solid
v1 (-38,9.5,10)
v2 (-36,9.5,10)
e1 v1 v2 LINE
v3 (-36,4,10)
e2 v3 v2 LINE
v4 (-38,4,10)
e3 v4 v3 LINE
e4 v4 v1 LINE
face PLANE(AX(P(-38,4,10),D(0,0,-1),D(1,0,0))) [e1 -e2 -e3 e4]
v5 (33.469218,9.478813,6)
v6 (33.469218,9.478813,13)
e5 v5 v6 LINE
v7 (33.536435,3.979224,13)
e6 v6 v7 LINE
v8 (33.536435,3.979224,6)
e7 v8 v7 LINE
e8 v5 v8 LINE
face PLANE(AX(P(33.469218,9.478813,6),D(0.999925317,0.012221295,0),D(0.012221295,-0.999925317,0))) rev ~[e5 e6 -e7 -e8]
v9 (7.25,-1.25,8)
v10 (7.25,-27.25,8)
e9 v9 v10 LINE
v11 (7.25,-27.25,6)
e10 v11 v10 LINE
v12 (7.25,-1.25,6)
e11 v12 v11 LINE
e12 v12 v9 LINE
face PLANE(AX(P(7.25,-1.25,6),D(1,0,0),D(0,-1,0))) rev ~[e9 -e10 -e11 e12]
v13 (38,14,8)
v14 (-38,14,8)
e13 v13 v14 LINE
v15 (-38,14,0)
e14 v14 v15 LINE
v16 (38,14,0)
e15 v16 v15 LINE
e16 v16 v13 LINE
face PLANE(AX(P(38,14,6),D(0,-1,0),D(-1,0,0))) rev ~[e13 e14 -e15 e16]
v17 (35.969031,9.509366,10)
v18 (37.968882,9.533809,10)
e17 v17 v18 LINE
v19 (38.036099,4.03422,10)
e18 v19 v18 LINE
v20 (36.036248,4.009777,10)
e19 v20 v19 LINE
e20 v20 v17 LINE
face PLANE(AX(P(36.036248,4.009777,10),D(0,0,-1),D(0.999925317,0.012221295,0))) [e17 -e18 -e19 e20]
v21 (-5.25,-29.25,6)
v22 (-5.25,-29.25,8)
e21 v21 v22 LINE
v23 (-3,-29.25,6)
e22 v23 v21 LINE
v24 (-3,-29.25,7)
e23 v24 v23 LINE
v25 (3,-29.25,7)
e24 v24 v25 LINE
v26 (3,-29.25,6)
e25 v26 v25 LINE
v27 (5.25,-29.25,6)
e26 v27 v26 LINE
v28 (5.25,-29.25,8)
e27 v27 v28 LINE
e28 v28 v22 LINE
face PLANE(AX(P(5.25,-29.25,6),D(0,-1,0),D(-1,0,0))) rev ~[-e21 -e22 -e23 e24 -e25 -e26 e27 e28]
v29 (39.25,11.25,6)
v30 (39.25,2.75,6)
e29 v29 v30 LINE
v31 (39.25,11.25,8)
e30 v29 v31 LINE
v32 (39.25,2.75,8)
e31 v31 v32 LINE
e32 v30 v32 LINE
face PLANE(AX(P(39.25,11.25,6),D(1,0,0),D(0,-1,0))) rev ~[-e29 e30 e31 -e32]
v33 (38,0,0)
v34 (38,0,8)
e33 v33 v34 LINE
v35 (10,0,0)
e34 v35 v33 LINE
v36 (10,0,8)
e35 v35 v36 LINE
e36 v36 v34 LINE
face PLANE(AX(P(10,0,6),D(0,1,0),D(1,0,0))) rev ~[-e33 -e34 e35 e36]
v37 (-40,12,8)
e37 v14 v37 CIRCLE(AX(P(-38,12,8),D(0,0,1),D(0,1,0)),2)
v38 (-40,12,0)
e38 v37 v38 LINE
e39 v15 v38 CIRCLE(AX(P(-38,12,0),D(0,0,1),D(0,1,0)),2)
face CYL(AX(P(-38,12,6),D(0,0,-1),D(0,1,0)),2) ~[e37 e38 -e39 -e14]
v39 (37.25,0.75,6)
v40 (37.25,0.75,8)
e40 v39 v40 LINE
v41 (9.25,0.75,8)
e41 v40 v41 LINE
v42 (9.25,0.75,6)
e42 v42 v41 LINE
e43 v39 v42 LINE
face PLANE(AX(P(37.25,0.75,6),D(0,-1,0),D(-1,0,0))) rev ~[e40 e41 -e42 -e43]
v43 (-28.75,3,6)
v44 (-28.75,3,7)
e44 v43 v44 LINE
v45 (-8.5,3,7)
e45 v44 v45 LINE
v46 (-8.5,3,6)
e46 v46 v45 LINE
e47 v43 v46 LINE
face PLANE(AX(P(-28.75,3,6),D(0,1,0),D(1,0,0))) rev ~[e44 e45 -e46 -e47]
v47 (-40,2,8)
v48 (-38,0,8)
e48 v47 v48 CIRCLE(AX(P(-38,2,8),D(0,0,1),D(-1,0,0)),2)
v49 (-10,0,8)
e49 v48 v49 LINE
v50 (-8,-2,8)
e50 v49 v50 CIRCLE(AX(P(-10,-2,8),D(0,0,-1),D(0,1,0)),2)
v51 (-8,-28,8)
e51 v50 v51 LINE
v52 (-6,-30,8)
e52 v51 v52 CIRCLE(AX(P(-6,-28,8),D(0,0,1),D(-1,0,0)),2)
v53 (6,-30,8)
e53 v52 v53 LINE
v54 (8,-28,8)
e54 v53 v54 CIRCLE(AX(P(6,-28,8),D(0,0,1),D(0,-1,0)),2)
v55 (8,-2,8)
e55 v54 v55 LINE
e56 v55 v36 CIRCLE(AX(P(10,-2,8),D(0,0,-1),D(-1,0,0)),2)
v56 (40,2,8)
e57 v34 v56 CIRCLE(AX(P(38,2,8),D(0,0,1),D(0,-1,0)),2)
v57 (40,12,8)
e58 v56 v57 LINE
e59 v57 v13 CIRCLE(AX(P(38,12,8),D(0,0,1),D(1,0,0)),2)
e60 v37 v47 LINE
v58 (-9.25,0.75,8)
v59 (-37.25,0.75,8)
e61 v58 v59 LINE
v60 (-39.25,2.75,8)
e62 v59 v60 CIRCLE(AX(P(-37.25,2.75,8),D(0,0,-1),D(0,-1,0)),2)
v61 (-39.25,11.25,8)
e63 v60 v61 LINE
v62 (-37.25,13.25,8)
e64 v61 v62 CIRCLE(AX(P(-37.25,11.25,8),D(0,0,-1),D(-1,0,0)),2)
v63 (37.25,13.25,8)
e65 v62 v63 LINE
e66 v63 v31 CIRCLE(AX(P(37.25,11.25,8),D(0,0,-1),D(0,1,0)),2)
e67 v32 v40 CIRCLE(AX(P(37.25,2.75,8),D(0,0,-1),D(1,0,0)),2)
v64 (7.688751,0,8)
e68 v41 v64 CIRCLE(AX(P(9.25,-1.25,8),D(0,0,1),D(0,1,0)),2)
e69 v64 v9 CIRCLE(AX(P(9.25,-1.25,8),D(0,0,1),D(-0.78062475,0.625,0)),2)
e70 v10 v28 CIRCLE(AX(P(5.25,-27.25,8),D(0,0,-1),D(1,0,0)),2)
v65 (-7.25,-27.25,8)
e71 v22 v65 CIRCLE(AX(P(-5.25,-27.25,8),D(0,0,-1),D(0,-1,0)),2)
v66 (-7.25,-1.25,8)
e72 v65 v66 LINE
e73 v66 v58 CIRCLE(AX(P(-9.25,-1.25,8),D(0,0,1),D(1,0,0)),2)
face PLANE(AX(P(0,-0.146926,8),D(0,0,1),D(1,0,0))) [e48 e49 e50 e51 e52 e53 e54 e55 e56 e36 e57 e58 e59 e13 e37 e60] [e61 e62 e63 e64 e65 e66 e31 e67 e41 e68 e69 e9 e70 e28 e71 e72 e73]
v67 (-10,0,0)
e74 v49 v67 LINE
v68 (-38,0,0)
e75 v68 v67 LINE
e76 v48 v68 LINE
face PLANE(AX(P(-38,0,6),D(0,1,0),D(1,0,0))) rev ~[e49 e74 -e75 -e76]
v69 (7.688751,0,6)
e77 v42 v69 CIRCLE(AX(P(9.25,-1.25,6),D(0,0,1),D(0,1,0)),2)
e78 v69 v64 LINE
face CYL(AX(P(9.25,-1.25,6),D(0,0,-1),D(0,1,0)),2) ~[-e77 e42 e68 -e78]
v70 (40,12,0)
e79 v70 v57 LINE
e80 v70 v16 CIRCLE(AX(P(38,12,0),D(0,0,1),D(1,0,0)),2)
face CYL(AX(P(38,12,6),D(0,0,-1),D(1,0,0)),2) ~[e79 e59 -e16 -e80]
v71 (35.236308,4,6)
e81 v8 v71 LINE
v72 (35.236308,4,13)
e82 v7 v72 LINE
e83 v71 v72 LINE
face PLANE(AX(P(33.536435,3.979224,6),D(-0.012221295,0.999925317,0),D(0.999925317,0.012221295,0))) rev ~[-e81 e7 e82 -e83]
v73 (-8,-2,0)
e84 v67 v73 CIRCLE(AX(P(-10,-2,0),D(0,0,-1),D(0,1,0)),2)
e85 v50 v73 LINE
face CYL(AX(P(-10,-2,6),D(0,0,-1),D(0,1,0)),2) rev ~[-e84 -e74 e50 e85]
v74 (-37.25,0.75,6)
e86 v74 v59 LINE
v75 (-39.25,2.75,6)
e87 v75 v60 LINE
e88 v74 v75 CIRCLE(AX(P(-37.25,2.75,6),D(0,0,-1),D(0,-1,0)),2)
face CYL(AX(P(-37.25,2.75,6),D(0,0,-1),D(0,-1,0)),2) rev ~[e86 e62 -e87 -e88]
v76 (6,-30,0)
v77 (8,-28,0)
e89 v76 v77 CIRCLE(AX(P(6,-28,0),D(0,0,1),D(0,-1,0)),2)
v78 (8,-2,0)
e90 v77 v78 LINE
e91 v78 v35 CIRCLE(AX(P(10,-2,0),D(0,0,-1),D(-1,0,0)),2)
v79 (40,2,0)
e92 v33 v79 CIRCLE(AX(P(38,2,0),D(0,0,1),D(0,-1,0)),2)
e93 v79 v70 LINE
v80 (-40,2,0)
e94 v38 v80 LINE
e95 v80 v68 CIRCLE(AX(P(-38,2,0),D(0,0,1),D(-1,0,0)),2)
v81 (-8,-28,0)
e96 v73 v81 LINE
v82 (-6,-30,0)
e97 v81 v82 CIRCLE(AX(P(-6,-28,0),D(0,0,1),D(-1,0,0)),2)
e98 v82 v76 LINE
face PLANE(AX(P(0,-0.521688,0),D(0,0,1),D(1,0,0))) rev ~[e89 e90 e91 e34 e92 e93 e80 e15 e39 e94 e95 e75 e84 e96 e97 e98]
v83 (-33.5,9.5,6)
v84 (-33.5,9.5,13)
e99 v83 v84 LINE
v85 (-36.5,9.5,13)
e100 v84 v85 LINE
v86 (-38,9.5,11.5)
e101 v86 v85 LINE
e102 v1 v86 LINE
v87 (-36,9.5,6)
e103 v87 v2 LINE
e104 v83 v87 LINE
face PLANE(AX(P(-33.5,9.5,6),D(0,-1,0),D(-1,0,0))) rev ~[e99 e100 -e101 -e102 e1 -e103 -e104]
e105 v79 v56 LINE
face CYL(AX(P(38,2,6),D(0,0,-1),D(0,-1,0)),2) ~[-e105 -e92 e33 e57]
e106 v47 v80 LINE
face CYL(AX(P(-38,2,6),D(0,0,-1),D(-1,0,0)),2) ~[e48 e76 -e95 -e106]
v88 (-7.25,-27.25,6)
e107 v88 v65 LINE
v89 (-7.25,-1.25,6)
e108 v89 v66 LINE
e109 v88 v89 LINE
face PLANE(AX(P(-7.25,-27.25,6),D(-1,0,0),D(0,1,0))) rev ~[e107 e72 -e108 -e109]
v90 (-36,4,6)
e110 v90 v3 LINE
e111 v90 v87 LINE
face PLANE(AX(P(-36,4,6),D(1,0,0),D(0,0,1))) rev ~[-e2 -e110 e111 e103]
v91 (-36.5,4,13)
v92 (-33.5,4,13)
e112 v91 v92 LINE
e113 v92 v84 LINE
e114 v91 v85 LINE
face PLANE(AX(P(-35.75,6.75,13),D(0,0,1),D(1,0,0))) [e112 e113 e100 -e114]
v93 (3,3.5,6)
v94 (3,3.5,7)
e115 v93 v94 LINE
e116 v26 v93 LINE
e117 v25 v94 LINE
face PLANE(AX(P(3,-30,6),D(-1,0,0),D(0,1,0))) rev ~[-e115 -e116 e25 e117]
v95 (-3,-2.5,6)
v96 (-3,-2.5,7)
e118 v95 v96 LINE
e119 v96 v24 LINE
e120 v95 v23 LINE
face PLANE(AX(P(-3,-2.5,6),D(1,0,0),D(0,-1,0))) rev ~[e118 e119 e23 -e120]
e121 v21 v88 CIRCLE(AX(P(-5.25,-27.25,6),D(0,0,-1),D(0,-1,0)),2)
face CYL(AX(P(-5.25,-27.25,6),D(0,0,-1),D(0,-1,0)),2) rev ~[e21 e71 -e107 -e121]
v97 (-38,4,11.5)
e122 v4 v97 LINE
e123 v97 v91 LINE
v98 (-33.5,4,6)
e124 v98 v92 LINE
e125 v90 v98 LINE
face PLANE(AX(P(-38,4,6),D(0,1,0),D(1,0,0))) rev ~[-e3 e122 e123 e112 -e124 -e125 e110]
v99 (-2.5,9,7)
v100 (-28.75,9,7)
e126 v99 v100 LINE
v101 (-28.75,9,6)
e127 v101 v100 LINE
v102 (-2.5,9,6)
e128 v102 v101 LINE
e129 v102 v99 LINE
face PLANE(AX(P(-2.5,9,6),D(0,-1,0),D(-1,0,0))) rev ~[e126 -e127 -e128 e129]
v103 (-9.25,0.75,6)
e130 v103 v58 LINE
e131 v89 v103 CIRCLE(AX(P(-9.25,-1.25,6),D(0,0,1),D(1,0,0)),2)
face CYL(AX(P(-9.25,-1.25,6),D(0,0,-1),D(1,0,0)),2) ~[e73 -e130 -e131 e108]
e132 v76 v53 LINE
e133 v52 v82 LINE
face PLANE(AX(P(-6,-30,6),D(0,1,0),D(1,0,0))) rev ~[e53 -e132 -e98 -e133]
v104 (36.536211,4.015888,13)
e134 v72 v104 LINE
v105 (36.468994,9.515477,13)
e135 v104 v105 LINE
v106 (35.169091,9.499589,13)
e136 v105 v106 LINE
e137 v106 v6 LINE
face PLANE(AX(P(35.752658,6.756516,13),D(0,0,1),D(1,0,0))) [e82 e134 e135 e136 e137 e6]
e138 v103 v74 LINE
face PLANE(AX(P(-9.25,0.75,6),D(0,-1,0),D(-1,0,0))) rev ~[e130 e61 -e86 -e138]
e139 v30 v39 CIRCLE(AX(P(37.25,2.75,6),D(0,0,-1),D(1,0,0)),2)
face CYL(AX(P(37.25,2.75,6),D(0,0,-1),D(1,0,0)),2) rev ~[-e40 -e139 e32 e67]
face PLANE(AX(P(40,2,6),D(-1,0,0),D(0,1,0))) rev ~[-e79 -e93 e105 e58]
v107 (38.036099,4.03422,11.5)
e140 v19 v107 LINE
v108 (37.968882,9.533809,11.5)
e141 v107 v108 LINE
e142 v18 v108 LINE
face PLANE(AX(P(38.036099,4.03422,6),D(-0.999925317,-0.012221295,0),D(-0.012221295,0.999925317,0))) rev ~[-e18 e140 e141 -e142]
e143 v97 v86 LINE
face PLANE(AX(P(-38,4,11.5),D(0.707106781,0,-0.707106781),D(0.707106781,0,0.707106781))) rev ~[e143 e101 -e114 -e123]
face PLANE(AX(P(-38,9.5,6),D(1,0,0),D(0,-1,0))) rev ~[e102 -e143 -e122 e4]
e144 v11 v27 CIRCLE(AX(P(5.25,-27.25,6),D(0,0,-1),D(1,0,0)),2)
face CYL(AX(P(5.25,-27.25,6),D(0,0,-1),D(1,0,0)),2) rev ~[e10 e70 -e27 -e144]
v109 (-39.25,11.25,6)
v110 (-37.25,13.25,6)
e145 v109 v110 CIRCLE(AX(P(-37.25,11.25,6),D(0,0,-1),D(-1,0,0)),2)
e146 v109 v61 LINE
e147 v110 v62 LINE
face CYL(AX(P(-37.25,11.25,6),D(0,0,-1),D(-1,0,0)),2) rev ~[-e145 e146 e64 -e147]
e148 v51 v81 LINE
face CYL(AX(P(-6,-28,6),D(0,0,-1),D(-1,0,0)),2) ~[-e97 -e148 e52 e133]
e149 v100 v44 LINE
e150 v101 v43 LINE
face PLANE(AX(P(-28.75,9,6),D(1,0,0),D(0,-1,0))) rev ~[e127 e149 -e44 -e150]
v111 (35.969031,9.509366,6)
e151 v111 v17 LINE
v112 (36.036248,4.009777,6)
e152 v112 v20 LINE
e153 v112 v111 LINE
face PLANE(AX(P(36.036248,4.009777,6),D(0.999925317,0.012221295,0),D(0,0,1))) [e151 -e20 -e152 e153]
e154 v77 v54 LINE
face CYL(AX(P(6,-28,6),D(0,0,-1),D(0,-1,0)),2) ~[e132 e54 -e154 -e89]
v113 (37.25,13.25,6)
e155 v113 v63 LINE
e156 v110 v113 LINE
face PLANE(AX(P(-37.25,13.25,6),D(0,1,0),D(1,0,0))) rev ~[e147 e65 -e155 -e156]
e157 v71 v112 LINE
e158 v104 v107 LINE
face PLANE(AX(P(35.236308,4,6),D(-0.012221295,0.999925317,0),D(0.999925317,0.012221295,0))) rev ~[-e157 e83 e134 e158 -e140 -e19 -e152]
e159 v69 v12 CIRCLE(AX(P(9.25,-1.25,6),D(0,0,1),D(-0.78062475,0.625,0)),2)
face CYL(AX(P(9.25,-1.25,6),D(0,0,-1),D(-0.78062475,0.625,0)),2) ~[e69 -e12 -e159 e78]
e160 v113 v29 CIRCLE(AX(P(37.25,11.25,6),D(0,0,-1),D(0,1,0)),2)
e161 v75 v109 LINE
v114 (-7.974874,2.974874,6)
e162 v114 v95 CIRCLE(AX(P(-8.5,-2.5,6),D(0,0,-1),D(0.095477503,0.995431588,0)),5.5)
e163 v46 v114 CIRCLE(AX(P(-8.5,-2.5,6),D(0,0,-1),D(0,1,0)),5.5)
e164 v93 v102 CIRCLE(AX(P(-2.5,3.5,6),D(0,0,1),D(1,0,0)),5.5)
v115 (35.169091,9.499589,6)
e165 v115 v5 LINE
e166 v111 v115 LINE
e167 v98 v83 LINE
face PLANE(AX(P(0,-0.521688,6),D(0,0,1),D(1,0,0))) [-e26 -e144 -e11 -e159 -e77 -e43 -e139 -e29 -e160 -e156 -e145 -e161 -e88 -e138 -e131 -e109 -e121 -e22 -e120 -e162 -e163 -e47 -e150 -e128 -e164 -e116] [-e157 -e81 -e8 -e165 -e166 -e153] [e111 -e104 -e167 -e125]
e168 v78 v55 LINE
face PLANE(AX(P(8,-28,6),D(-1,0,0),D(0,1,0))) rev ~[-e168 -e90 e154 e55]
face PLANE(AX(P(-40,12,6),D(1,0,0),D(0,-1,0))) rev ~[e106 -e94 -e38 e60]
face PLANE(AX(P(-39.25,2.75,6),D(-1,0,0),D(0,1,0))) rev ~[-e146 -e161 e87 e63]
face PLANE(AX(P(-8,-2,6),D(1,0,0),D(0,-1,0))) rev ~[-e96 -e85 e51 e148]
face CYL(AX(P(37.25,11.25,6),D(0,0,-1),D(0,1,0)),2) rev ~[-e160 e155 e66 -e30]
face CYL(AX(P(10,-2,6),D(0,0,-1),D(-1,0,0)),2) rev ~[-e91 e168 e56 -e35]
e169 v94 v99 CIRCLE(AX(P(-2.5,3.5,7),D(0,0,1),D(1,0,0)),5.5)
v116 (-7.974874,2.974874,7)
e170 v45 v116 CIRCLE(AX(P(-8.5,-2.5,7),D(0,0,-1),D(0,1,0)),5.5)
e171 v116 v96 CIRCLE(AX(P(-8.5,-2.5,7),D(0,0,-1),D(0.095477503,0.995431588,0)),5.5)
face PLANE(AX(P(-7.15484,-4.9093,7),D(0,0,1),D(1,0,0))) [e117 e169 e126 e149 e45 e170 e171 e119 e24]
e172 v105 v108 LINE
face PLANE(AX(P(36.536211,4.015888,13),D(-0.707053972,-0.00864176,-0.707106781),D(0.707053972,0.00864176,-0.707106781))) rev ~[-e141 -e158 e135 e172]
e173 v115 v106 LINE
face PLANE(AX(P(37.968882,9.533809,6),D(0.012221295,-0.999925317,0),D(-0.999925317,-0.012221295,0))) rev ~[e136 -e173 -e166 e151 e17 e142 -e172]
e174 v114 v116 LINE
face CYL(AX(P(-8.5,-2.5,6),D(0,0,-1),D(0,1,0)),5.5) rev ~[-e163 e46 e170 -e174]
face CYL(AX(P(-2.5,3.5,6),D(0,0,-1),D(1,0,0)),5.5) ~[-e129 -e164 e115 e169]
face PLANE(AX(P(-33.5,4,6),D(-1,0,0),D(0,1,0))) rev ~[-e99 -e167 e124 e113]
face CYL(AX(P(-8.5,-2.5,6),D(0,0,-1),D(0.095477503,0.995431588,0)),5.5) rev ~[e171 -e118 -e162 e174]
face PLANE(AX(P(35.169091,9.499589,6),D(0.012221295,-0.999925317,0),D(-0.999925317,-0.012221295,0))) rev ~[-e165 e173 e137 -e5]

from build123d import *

# Parameters (mm, degrees)
F1_DEPTH  = 6
F3_DEPTH  = 1
F5_DEPTH  = 7
F7_DEPTH  = 2
F8_W      = 2
F8_H      = 4
F9_DEPTH  = 6
F10_W     = 2
F10_H     = 4
F11_DEPTH = 6


with BuildPart() as f1:
    # F0 (on Top) → F1 (new body)
    with BuildSketch(Plane.XY):
        with BuildLine():
            Line((-35, 0), (-12, 0))
            Line((-12, 0), (-10, 0))
            ThreePointArc((-10, 0), (-8.5857864376, -0.5857864376), (-8, -2))
            Line((-8, -2), (-8, -28))
            ThreePointArc((-8, -28), (-7.4142135624, -29.4142135624), (-6, -30))
            Line((-6, -30), (0, -30))
            Line((0, -30), (6, -30))
            ThreePointArc((6, -30), (7.4142135624, -29.4142135624), (8, -28))
            Line((8, -28), (8, -2))
            ThreePointArc((8, -2), (8.5857864376, -0.5857864376), (10, 0))
            Line((10, 0), (35, 0))
            ThreePointArc((35, 0), (36.4142135624, 0.5857864376), (37, 2))
            Line((37, 2), (37, 12))
            ThreePointArc((37, 12), (36.4142135624, 13.4142135624), (35, 14))
            Line((35, 14), (-35, 14))
            ThreePointArc((-35, 14), (-36.4142135624, 13.4142135624), (-37, 12))
            Line((-37, 12), (-37, 2))
            ThreePointArc((-37, 2), (-36.4142135624, 0.5857864376), (-35, 0))
        make_face()
        with BuildLine():
            Line((-38, 0), (-35, 0))
            ThreePointArc((-35, 0), (-36.4142135624, 0.5857864376), (-37, 2))
            Line((-37, 2), (-37, 12))
            ThreePointArc((-37, 12), (-36.4142135624, 13.4142135624), (-35, 14))
            Line((-35, 14), (-38, 14))
            ThreePointArc((-38, 14), (-39.4142135624, 13.4142135624), (-40, 12))
            Line((-40, 12), (-40, 2))
            ThreePointArc((-40, 2), (-39.4142135624, 0.5857864376), (-38, 0))
        make_face()
        with BuildLine():
            Line((38, 14), (35, 14))
            ThreePointArc((35, 14), (36.4142135624, 13.4142135624), (37, 12))
            Line((37, 12), (37, 2))
            ThreePointArc((37, 2), (36.4142135624, 0.5857864376), (35, 0))
            Line((35, 0), (37, 0))
            Line((37, 0), (38, 0))
            ThreePointArc((38, 0), (39.4142135624, 0.5857864376), (40, 2))
            Line((40, 2), (40, 12))
            ThreePointArc((40, 12), (39.4142135624, 13.4142135624), (38, 14))
        make_face()
    extrude(amount=F1_DEPTH)

    # F2 (on face) → F3 (join)
    with BuildSketch(Plane.XY.offset(6)):
        with BuildLine():
            Line((-3, -2.5), (-3, -30))
            Line((-3, -30), (3, -30))
            Line((3, -30), (3, 3.5))
            ThreePointArc((3, 3.5), (1.3890872965, 7.3890872965), (-2.5, 9))
            Line((-2.5, 9), (-28.75, 9))
            Line((-28.75, 9), (-28.75, 3))
            Line((-28.75, 3), (-8.5, 3))
            ThreePointArc((-8.5, 3), (-8.2371364782, 2.9937148423), (-7.9748737342, 2.9748737342))
            ThreePointArc((-7.9748737342, 2.9748737342), (-4.4294844023, 1.1987704401), (-3, -2.5))
        make_face()
    extrude(amount=F3_DEPTH)

    # F4 (on face) → F5 (join)
    with BuildSketch(Plane.XY.offset(6)):
        Polygon((35.2363081181, 4), (38.0360990062, 4.034219625), (37.9688818856, 9.5338088696), (35.1690909975, 9.4995892445), (33.4692179582, 9.4788130436), (33.5364350788, 3.9792237991), align=None)
        Polygon((-38, 9.5), (-38, 4), (-35.2, 4), (-33.5, 4), (-33.5, 9.5), align=None)
    extrude(amount=F5_DEPTH)

    # F6 (on face) → F7 (join)
    with BuildSketch(Plane.XY.offset(6)):
        with BuildLine():
            Line((-6, -30), (0, -30))
            Line((0, -30), (6, -30))
            ThreePointArc((6, -30), (7.4142135624, -29.4142135624), (8, -28))
            Line((8, -28), (8, -2))
            ThreePointArc((8, -2), (8.5857864376, -0.5857864376), (10, 0))
            Line((10, 0), (38, 0))
            ThreePointArc((38, 0), (39.4142135624, 0.5857864376), (40, 2))
            Line((40, 2), (40, 12))
            ThreePointArc((40, 12), (39.4142135624, 13.4142135624), (38, 14))
            Line((38, 14), (-38, 14))
            ThreePointArc((-38, 14), (-39.4142135624, 13.4142135624), (-40, 12))
            Line((-40, 12), (-40, 2))
            ThreePointArc((-40, 2), (-39.4142135624, 0.5857864376), (-38, 0))
            Line((-38, 0), (-10, 0))
            ThreePointArc((-10, 0), (-8.5857864376, -0.5857864376), (-8, -2))
            Line((-8, -2), (-8, -28))
            ThreePointArc((-8, -28), (-7.4142135624, -29.4142135624), (-6, -30))
        make_face()
        with BuildLine():
            Line((5.25, -29.25), (0, -29.25))
            Line((0, -29.25), (-5.25, -29.25))
            ThreePointArc((-5.25, -29.25), (-6.6642135624, -28.6642135624), (-7.25, -27.25))
            Line((-7.25, -27.25), (-7.25, -16.2867717445))
            Line((-7.25, -16.2867717445), (-7.25, -1.25))
            ThreePointArc((-7.25, -1.25), (-7.8357864376, 0.1642135624), (-9.25, 0.75))
            Line((-9.25, 0.75), (-28.4743793309, 0.75))
            Line((-28.4743793309, 0.75), (-37.25, 0.75))
            ThreePointArc((-37.25, 0.75), (-38.6642135624, 1.3357864376), (-39.25, 2.75))
            Line((-39.25, 2.75), (-39.25, 11.25))
            ThreePointArc((-39.25, 11.25), (-38.6642135624, 12.6642135624), (-37.25, 13.25))
            Line((-37.25, 13.25), (23.7047821283, 13.25))
            Line((23.7047821283, 13.25), (37.25, 13.25))
            ThreePointArc((37.25, 13.25), (38.6642135624, 12.6642135624), (39.25, 11.25))
            Line((39.25, 11.25), (39.25, 2.75))
            ThreePointArc((39.25, 2.75), (38.6642135624, 1.3357864376), (37.25, 0.75))
            Line((37.25, 0.75), (9.25, 0.75))
            ThreePointArc((9.25, 0.75), (8.3839745962, 0.5527756377), (7.6887505004, 0))
            ThreePointArc((7.6887505004, 0), (7.3628726859, -0.5876175573), (7.25, -1.25))
            Line((7.25, -1.25), (7.25, -27.25))
            ThreePointArc((7.25, -27.25), (6.6642135624, -28.6642135624), (5.25, -29.25))
        make_face(mode=Mode.SUBTRACT)
    extrude(amount=F7_DEPTH)

    # F8 (on face) → F9 (cut)
    with BuildSketch(Plane(origin=(-0.0436186312, 3.5688014166, 0), x_dir=(0.9999253172, 0.0122212947, 0), z_dir=(0.0122212947, -0.9999253172, 0))):
        Polygon((38.0825617502, 13), (36.5825617502, 13), (38.0825617502, 11.5), align=None)
        with Locations((37.0825617502, 8)):
            Rectangle(F8_W, F8_H)
    extrude(amount=-F9_DEPTH, mode=Mode.SUBTRACT)

    # F10 (on face) → F11 (cut)
    with BuildSketch(Plane.XZ.offset(-4)):
        with Locations((-37, 8)):
            Rectangle(F10_W, F10_H)
        Polygon((-38, 11.5), (-36.5, 13), (-38, 13), align=None)
    extrude(amount=-F11_DEPTH, mode=Mode.SUBTRACT)


solid = f1.part
